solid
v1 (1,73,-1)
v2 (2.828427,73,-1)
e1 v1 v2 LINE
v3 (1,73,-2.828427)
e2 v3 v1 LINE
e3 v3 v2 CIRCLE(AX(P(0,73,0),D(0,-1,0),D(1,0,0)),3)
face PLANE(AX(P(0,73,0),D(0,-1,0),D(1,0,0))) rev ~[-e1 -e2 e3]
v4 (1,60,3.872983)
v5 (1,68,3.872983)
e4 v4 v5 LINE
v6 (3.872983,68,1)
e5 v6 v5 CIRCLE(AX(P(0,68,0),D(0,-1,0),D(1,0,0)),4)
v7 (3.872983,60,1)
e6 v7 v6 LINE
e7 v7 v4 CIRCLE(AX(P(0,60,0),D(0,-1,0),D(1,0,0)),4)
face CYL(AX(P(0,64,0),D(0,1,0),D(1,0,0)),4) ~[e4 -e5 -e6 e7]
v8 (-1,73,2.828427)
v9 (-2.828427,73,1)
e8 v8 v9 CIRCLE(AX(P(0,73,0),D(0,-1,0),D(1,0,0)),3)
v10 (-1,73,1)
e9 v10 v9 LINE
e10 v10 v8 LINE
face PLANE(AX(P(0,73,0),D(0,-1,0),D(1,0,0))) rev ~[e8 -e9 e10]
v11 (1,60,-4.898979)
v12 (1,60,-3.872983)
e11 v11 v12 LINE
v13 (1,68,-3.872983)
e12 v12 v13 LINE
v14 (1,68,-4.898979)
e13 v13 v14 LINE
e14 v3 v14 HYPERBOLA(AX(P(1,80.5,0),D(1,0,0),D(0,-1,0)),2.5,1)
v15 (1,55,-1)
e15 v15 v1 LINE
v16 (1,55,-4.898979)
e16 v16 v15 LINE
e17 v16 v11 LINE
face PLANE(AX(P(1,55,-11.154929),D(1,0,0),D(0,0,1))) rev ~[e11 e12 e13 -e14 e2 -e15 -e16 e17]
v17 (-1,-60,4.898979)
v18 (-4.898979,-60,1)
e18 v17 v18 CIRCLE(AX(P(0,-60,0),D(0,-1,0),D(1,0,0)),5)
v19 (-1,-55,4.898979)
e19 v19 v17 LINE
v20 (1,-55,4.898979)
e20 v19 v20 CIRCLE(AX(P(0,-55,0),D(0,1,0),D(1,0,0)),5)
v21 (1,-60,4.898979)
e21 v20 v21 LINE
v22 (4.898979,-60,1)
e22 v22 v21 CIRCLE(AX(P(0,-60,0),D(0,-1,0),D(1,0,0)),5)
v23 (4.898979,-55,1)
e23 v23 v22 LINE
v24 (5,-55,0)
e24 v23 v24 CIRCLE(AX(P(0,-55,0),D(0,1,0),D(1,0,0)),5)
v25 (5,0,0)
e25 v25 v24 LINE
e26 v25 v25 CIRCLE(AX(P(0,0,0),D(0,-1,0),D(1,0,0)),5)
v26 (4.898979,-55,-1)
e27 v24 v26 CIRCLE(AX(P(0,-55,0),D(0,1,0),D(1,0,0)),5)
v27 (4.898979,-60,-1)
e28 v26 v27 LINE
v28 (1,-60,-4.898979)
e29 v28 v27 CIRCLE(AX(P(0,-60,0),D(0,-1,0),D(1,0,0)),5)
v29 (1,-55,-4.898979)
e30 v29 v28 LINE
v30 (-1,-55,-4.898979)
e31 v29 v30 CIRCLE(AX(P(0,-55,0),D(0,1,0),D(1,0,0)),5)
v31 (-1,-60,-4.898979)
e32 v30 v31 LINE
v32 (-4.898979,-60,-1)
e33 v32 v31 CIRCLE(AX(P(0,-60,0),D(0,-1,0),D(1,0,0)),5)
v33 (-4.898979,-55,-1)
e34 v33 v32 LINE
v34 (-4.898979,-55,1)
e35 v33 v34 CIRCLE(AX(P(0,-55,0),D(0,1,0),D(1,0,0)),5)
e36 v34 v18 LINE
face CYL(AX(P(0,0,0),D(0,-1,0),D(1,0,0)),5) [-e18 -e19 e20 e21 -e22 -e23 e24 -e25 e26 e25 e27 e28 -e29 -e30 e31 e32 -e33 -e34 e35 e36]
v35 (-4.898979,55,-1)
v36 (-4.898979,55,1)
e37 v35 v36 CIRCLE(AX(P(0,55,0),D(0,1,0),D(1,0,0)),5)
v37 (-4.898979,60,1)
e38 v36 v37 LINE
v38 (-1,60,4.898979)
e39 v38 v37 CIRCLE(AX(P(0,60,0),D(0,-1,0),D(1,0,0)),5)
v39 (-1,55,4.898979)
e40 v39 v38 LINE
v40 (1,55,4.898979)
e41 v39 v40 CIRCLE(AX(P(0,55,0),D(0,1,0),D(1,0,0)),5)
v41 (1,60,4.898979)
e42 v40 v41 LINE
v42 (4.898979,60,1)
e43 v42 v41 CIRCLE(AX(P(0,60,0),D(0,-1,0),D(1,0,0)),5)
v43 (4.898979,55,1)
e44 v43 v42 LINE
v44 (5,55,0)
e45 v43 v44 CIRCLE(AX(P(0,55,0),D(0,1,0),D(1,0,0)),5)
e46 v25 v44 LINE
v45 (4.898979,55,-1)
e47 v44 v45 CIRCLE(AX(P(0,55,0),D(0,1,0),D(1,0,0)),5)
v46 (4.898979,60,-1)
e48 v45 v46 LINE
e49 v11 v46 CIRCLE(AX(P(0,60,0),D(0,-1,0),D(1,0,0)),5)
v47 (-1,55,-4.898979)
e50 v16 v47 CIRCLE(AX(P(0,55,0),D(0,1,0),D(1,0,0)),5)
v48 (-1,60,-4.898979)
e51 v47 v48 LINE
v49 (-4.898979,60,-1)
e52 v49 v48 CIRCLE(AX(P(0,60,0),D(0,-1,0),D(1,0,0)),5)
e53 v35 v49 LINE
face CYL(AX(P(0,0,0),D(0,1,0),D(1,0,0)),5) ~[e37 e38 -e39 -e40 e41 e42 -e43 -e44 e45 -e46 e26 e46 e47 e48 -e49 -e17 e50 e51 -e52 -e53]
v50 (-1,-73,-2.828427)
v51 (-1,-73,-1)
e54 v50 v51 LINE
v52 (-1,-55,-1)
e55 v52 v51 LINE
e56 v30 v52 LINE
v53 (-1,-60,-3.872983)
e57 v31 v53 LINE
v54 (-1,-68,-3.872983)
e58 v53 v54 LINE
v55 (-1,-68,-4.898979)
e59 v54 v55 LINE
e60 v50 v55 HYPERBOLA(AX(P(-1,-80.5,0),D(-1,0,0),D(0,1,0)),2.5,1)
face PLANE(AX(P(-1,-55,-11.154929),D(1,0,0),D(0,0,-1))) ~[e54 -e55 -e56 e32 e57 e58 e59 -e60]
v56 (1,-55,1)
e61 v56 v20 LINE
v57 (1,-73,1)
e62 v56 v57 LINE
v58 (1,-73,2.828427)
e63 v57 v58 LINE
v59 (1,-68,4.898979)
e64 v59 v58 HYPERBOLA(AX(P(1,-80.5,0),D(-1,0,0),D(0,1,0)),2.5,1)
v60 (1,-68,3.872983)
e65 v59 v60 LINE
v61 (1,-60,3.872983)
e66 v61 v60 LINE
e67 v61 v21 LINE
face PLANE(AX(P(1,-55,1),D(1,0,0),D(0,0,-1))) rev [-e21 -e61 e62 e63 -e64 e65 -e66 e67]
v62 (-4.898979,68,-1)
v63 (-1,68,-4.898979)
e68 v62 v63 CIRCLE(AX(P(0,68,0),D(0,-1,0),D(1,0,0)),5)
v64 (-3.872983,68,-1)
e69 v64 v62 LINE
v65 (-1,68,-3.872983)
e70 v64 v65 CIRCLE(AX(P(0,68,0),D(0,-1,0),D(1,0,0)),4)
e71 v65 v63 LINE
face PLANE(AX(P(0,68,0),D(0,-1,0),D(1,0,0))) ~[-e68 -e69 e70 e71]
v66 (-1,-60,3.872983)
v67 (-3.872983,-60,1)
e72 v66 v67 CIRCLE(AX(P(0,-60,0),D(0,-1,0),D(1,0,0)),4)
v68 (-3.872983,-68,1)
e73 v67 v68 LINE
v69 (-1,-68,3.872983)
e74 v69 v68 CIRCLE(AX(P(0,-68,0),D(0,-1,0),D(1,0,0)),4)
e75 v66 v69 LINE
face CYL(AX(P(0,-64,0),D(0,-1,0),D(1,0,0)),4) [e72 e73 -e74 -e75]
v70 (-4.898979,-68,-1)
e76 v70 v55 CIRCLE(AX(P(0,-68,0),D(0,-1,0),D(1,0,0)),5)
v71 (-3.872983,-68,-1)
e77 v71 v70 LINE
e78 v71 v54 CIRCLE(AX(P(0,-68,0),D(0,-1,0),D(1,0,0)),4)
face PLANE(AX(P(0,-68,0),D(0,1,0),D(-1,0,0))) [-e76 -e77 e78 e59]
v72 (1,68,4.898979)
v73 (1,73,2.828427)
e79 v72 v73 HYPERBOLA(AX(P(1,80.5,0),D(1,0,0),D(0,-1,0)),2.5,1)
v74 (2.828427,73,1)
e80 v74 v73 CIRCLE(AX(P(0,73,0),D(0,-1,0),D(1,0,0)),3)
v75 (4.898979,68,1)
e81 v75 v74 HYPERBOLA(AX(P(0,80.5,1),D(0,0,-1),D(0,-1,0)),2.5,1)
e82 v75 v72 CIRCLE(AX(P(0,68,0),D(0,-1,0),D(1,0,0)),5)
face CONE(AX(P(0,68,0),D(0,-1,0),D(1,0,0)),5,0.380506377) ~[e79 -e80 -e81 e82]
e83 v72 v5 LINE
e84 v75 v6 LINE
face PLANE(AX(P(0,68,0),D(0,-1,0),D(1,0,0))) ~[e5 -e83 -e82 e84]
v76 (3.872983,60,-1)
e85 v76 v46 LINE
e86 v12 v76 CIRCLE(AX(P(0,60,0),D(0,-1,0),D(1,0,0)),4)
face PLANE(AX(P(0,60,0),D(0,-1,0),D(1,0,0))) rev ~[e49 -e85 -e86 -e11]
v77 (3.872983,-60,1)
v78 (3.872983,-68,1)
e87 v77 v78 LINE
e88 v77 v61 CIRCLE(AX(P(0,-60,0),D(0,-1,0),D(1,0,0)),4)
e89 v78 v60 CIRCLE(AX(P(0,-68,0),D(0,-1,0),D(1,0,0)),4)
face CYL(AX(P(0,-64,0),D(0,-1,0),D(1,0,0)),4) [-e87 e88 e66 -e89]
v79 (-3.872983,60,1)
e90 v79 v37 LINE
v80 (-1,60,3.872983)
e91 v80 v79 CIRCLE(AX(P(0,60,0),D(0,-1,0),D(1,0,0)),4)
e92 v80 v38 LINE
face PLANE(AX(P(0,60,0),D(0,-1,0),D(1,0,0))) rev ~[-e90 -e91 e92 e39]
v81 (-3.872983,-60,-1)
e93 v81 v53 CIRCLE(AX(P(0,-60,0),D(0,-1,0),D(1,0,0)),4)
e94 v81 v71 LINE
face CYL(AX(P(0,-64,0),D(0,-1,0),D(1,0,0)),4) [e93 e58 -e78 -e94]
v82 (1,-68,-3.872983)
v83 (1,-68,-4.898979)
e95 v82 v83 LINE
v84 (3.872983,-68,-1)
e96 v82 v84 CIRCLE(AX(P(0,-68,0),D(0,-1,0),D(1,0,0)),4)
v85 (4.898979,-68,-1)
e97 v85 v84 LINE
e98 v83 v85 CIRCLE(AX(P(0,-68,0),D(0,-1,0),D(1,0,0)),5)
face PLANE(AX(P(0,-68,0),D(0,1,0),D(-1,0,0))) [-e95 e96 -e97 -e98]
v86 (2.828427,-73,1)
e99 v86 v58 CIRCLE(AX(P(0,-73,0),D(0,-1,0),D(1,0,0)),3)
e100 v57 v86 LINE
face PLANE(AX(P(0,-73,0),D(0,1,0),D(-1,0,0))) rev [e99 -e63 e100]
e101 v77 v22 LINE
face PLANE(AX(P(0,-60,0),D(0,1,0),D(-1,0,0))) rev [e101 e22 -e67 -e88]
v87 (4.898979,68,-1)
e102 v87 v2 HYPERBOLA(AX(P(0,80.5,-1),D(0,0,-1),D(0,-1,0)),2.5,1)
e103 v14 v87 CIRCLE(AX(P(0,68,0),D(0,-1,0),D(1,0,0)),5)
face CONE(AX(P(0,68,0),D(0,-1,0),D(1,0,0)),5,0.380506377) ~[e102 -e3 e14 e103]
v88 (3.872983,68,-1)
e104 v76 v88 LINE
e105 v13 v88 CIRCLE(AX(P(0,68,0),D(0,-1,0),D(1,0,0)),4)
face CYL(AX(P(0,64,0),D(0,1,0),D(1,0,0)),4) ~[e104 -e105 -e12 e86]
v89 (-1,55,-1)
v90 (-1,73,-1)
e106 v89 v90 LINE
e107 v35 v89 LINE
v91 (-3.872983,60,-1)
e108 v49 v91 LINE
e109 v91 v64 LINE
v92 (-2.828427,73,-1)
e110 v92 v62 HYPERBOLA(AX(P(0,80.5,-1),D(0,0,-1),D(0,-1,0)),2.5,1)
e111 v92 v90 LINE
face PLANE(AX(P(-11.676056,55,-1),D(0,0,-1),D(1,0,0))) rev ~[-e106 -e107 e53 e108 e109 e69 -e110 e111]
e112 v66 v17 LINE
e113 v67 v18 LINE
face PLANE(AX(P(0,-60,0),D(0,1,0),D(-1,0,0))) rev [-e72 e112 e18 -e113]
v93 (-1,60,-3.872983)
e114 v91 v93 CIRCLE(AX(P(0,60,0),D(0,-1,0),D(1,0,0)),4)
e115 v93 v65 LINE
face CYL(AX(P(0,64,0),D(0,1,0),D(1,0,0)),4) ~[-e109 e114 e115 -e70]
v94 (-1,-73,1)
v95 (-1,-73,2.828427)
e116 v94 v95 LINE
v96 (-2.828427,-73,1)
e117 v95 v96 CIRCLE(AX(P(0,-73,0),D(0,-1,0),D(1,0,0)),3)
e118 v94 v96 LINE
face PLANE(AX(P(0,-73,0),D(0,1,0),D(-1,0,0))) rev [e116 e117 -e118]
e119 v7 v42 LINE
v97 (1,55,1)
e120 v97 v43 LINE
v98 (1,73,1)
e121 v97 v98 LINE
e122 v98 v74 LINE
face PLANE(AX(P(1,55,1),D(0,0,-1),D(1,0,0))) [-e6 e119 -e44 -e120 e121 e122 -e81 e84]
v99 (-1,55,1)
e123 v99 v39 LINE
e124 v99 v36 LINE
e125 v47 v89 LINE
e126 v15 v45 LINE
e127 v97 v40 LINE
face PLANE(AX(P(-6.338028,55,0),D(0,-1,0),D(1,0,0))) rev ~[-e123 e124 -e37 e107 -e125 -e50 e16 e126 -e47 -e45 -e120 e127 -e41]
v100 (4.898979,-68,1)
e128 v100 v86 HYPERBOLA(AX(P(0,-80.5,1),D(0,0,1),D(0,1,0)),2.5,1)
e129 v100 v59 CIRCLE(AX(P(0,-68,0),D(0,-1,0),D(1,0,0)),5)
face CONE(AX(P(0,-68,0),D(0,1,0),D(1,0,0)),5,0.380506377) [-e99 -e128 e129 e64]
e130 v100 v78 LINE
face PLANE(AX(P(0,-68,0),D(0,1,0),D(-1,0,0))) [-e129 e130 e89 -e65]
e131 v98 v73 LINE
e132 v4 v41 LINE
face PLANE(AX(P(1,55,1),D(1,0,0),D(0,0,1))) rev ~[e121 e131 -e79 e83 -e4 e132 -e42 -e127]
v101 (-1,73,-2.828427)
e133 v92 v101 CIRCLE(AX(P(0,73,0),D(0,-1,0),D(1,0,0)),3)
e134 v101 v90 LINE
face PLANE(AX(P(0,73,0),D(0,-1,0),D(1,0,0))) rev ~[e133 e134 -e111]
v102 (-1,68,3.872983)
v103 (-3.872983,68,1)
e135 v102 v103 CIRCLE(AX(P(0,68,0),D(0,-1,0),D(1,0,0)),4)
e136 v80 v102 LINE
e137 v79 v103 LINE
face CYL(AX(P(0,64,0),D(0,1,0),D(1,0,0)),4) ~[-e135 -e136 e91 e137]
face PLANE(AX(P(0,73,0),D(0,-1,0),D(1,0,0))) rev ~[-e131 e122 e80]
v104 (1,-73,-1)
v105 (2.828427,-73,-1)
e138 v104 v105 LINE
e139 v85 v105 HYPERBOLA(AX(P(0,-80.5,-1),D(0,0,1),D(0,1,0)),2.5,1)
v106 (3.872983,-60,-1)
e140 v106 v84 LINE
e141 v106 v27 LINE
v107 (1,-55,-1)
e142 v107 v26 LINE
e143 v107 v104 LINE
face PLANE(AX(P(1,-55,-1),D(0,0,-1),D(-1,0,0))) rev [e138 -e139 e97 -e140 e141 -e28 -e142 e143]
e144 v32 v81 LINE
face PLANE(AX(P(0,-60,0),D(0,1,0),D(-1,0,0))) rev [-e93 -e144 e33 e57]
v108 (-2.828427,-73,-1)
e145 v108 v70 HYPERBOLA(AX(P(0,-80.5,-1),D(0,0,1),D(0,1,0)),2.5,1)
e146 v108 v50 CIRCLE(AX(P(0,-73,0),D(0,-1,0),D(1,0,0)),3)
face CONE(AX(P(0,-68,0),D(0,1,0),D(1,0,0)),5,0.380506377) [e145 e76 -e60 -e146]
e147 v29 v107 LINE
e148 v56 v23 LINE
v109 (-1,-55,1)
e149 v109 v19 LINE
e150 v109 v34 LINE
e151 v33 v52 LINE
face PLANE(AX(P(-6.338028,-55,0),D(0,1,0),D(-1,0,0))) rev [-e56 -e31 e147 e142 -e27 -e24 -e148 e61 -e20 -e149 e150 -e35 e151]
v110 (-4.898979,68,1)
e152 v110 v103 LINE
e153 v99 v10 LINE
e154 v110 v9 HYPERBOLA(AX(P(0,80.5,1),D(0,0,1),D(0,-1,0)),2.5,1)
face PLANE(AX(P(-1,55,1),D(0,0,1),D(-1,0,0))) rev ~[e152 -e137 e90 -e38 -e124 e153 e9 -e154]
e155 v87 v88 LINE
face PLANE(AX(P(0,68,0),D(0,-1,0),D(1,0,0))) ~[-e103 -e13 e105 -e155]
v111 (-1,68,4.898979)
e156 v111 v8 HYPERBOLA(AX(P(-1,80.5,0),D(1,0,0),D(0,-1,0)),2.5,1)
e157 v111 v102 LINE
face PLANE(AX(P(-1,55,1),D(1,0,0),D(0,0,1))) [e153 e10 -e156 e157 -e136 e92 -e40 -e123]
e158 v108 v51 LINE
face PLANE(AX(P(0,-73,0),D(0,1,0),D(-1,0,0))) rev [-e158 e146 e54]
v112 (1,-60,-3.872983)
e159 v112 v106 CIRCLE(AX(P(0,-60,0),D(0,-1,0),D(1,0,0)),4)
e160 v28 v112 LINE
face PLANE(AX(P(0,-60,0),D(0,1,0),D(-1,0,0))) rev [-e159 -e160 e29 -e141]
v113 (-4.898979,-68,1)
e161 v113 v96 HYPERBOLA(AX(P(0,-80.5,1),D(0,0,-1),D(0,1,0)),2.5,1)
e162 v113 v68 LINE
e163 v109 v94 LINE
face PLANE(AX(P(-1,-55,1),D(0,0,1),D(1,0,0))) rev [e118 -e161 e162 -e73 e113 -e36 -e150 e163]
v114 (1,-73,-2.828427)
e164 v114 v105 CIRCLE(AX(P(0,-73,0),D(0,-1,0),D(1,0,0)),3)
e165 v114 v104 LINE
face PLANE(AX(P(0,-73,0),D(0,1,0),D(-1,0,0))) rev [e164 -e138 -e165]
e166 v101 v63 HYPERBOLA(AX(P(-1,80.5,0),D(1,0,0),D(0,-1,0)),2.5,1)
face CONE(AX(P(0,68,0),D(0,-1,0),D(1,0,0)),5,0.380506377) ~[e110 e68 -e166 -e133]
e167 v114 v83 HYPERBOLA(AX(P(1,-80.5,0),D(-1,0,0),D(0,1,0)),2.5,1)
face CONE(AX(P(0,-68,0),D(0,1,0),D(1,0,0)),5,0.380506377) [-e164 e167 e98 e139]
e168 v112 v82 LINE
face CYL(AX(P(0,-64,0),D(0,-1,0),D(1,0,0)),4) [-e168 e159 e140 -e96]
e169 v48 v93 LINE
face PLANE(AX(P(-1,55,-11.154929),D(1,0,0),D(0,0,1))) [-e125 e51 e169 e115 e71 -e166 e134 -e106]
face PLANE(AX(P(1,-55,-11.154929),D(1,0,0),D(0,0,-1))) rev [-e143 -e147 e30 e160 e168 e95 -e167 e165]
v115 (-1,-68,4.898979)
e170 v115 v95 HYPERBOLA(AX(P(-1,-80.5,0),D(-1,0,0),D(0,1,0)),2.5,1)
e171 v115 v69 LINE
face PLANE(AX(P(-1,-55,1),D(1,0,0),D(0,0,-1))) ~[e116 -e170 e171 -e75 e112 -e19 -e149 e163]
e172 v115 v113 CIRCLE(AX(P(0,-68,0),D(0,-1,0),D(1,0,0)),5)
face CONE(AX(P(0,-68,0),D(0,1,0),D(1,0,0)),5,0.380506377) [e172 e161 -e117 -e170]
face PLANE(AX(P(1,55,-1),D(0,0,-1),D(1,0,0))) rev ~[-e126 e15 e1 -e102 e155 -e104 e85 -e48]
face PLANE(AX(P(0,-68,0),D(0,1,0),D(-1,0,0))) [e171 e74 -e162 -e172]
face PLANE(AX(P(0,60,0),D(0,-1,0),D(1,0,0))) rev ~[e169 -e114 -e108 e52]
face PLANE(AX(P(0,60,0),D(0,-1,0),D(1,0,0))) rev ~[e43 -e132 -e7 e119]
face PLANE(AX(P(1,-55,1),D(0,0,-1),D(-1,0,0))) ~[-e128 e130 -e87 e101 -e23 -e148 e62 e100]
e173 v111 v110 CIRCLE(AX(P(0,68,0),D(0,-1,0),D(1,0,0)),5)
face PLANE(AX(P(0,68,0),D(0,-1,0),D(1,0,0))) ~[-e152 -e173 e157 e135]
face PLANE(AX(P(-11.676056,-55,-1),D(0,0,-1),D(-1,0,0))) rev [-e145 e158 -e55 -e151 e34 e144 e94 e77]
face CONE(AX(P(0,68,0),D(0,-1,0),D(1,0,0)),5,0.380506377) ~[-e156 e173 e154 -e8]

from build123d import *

# Parameters (mm, degrees)
F0_W     = 4
F0_H     = 8
F3_START = -55
F2_W     = 10.6760558783
F2_H     = 2
F2_W_2   = 2
F2_H_2   = 10.1549292555
F3_DEPTH = 18


with BuildPart() as f1:
    # F0 (on Top) → F1 (revolve)
    with BuildSketch(Plane.XY):
        Polygon((0, 73), (0, 68), (4, 68), (5, 68), (3, 73), align=None)
        with Locations((2, 64)):
            Rectangle(F0_W, F0_H)
        Polygon((0, 60), (0, 0), (5, 0), (5, 60), (4, 60), align=None)
    revolve(axis=Axis((0, 30, 0), (0, -1, 0)))

    # F2 (on Front) → F3 (cut)
    with BuildSketch(Plane.XZ.offset(F3_START)):
        with Locations((-6.3380279391, 0)):
            Rectangle(F2_W, F2_H)
        Rectangle(F2_W_2, F2_H)
        with Locations((0, 6.0774646278)):
            Rectangle(F2_W_2, F2_H_2)
        with Locations((6.3380279391, 0)):
            Rectangle(F2_W, F2_H)
        with Locations((0, -6.0774646278)):
            Rectangle(F2_W_2, F2_H_2)
    extrude(amount=-F3_DEPTH, mode=Mode.SUBTRACT)

    # F4: F1 across face


with BuildPart() as f1_1:
    add(f1.part)
    add(f1.part.mirror(Plane.XZ))


solid = f1_1.part
